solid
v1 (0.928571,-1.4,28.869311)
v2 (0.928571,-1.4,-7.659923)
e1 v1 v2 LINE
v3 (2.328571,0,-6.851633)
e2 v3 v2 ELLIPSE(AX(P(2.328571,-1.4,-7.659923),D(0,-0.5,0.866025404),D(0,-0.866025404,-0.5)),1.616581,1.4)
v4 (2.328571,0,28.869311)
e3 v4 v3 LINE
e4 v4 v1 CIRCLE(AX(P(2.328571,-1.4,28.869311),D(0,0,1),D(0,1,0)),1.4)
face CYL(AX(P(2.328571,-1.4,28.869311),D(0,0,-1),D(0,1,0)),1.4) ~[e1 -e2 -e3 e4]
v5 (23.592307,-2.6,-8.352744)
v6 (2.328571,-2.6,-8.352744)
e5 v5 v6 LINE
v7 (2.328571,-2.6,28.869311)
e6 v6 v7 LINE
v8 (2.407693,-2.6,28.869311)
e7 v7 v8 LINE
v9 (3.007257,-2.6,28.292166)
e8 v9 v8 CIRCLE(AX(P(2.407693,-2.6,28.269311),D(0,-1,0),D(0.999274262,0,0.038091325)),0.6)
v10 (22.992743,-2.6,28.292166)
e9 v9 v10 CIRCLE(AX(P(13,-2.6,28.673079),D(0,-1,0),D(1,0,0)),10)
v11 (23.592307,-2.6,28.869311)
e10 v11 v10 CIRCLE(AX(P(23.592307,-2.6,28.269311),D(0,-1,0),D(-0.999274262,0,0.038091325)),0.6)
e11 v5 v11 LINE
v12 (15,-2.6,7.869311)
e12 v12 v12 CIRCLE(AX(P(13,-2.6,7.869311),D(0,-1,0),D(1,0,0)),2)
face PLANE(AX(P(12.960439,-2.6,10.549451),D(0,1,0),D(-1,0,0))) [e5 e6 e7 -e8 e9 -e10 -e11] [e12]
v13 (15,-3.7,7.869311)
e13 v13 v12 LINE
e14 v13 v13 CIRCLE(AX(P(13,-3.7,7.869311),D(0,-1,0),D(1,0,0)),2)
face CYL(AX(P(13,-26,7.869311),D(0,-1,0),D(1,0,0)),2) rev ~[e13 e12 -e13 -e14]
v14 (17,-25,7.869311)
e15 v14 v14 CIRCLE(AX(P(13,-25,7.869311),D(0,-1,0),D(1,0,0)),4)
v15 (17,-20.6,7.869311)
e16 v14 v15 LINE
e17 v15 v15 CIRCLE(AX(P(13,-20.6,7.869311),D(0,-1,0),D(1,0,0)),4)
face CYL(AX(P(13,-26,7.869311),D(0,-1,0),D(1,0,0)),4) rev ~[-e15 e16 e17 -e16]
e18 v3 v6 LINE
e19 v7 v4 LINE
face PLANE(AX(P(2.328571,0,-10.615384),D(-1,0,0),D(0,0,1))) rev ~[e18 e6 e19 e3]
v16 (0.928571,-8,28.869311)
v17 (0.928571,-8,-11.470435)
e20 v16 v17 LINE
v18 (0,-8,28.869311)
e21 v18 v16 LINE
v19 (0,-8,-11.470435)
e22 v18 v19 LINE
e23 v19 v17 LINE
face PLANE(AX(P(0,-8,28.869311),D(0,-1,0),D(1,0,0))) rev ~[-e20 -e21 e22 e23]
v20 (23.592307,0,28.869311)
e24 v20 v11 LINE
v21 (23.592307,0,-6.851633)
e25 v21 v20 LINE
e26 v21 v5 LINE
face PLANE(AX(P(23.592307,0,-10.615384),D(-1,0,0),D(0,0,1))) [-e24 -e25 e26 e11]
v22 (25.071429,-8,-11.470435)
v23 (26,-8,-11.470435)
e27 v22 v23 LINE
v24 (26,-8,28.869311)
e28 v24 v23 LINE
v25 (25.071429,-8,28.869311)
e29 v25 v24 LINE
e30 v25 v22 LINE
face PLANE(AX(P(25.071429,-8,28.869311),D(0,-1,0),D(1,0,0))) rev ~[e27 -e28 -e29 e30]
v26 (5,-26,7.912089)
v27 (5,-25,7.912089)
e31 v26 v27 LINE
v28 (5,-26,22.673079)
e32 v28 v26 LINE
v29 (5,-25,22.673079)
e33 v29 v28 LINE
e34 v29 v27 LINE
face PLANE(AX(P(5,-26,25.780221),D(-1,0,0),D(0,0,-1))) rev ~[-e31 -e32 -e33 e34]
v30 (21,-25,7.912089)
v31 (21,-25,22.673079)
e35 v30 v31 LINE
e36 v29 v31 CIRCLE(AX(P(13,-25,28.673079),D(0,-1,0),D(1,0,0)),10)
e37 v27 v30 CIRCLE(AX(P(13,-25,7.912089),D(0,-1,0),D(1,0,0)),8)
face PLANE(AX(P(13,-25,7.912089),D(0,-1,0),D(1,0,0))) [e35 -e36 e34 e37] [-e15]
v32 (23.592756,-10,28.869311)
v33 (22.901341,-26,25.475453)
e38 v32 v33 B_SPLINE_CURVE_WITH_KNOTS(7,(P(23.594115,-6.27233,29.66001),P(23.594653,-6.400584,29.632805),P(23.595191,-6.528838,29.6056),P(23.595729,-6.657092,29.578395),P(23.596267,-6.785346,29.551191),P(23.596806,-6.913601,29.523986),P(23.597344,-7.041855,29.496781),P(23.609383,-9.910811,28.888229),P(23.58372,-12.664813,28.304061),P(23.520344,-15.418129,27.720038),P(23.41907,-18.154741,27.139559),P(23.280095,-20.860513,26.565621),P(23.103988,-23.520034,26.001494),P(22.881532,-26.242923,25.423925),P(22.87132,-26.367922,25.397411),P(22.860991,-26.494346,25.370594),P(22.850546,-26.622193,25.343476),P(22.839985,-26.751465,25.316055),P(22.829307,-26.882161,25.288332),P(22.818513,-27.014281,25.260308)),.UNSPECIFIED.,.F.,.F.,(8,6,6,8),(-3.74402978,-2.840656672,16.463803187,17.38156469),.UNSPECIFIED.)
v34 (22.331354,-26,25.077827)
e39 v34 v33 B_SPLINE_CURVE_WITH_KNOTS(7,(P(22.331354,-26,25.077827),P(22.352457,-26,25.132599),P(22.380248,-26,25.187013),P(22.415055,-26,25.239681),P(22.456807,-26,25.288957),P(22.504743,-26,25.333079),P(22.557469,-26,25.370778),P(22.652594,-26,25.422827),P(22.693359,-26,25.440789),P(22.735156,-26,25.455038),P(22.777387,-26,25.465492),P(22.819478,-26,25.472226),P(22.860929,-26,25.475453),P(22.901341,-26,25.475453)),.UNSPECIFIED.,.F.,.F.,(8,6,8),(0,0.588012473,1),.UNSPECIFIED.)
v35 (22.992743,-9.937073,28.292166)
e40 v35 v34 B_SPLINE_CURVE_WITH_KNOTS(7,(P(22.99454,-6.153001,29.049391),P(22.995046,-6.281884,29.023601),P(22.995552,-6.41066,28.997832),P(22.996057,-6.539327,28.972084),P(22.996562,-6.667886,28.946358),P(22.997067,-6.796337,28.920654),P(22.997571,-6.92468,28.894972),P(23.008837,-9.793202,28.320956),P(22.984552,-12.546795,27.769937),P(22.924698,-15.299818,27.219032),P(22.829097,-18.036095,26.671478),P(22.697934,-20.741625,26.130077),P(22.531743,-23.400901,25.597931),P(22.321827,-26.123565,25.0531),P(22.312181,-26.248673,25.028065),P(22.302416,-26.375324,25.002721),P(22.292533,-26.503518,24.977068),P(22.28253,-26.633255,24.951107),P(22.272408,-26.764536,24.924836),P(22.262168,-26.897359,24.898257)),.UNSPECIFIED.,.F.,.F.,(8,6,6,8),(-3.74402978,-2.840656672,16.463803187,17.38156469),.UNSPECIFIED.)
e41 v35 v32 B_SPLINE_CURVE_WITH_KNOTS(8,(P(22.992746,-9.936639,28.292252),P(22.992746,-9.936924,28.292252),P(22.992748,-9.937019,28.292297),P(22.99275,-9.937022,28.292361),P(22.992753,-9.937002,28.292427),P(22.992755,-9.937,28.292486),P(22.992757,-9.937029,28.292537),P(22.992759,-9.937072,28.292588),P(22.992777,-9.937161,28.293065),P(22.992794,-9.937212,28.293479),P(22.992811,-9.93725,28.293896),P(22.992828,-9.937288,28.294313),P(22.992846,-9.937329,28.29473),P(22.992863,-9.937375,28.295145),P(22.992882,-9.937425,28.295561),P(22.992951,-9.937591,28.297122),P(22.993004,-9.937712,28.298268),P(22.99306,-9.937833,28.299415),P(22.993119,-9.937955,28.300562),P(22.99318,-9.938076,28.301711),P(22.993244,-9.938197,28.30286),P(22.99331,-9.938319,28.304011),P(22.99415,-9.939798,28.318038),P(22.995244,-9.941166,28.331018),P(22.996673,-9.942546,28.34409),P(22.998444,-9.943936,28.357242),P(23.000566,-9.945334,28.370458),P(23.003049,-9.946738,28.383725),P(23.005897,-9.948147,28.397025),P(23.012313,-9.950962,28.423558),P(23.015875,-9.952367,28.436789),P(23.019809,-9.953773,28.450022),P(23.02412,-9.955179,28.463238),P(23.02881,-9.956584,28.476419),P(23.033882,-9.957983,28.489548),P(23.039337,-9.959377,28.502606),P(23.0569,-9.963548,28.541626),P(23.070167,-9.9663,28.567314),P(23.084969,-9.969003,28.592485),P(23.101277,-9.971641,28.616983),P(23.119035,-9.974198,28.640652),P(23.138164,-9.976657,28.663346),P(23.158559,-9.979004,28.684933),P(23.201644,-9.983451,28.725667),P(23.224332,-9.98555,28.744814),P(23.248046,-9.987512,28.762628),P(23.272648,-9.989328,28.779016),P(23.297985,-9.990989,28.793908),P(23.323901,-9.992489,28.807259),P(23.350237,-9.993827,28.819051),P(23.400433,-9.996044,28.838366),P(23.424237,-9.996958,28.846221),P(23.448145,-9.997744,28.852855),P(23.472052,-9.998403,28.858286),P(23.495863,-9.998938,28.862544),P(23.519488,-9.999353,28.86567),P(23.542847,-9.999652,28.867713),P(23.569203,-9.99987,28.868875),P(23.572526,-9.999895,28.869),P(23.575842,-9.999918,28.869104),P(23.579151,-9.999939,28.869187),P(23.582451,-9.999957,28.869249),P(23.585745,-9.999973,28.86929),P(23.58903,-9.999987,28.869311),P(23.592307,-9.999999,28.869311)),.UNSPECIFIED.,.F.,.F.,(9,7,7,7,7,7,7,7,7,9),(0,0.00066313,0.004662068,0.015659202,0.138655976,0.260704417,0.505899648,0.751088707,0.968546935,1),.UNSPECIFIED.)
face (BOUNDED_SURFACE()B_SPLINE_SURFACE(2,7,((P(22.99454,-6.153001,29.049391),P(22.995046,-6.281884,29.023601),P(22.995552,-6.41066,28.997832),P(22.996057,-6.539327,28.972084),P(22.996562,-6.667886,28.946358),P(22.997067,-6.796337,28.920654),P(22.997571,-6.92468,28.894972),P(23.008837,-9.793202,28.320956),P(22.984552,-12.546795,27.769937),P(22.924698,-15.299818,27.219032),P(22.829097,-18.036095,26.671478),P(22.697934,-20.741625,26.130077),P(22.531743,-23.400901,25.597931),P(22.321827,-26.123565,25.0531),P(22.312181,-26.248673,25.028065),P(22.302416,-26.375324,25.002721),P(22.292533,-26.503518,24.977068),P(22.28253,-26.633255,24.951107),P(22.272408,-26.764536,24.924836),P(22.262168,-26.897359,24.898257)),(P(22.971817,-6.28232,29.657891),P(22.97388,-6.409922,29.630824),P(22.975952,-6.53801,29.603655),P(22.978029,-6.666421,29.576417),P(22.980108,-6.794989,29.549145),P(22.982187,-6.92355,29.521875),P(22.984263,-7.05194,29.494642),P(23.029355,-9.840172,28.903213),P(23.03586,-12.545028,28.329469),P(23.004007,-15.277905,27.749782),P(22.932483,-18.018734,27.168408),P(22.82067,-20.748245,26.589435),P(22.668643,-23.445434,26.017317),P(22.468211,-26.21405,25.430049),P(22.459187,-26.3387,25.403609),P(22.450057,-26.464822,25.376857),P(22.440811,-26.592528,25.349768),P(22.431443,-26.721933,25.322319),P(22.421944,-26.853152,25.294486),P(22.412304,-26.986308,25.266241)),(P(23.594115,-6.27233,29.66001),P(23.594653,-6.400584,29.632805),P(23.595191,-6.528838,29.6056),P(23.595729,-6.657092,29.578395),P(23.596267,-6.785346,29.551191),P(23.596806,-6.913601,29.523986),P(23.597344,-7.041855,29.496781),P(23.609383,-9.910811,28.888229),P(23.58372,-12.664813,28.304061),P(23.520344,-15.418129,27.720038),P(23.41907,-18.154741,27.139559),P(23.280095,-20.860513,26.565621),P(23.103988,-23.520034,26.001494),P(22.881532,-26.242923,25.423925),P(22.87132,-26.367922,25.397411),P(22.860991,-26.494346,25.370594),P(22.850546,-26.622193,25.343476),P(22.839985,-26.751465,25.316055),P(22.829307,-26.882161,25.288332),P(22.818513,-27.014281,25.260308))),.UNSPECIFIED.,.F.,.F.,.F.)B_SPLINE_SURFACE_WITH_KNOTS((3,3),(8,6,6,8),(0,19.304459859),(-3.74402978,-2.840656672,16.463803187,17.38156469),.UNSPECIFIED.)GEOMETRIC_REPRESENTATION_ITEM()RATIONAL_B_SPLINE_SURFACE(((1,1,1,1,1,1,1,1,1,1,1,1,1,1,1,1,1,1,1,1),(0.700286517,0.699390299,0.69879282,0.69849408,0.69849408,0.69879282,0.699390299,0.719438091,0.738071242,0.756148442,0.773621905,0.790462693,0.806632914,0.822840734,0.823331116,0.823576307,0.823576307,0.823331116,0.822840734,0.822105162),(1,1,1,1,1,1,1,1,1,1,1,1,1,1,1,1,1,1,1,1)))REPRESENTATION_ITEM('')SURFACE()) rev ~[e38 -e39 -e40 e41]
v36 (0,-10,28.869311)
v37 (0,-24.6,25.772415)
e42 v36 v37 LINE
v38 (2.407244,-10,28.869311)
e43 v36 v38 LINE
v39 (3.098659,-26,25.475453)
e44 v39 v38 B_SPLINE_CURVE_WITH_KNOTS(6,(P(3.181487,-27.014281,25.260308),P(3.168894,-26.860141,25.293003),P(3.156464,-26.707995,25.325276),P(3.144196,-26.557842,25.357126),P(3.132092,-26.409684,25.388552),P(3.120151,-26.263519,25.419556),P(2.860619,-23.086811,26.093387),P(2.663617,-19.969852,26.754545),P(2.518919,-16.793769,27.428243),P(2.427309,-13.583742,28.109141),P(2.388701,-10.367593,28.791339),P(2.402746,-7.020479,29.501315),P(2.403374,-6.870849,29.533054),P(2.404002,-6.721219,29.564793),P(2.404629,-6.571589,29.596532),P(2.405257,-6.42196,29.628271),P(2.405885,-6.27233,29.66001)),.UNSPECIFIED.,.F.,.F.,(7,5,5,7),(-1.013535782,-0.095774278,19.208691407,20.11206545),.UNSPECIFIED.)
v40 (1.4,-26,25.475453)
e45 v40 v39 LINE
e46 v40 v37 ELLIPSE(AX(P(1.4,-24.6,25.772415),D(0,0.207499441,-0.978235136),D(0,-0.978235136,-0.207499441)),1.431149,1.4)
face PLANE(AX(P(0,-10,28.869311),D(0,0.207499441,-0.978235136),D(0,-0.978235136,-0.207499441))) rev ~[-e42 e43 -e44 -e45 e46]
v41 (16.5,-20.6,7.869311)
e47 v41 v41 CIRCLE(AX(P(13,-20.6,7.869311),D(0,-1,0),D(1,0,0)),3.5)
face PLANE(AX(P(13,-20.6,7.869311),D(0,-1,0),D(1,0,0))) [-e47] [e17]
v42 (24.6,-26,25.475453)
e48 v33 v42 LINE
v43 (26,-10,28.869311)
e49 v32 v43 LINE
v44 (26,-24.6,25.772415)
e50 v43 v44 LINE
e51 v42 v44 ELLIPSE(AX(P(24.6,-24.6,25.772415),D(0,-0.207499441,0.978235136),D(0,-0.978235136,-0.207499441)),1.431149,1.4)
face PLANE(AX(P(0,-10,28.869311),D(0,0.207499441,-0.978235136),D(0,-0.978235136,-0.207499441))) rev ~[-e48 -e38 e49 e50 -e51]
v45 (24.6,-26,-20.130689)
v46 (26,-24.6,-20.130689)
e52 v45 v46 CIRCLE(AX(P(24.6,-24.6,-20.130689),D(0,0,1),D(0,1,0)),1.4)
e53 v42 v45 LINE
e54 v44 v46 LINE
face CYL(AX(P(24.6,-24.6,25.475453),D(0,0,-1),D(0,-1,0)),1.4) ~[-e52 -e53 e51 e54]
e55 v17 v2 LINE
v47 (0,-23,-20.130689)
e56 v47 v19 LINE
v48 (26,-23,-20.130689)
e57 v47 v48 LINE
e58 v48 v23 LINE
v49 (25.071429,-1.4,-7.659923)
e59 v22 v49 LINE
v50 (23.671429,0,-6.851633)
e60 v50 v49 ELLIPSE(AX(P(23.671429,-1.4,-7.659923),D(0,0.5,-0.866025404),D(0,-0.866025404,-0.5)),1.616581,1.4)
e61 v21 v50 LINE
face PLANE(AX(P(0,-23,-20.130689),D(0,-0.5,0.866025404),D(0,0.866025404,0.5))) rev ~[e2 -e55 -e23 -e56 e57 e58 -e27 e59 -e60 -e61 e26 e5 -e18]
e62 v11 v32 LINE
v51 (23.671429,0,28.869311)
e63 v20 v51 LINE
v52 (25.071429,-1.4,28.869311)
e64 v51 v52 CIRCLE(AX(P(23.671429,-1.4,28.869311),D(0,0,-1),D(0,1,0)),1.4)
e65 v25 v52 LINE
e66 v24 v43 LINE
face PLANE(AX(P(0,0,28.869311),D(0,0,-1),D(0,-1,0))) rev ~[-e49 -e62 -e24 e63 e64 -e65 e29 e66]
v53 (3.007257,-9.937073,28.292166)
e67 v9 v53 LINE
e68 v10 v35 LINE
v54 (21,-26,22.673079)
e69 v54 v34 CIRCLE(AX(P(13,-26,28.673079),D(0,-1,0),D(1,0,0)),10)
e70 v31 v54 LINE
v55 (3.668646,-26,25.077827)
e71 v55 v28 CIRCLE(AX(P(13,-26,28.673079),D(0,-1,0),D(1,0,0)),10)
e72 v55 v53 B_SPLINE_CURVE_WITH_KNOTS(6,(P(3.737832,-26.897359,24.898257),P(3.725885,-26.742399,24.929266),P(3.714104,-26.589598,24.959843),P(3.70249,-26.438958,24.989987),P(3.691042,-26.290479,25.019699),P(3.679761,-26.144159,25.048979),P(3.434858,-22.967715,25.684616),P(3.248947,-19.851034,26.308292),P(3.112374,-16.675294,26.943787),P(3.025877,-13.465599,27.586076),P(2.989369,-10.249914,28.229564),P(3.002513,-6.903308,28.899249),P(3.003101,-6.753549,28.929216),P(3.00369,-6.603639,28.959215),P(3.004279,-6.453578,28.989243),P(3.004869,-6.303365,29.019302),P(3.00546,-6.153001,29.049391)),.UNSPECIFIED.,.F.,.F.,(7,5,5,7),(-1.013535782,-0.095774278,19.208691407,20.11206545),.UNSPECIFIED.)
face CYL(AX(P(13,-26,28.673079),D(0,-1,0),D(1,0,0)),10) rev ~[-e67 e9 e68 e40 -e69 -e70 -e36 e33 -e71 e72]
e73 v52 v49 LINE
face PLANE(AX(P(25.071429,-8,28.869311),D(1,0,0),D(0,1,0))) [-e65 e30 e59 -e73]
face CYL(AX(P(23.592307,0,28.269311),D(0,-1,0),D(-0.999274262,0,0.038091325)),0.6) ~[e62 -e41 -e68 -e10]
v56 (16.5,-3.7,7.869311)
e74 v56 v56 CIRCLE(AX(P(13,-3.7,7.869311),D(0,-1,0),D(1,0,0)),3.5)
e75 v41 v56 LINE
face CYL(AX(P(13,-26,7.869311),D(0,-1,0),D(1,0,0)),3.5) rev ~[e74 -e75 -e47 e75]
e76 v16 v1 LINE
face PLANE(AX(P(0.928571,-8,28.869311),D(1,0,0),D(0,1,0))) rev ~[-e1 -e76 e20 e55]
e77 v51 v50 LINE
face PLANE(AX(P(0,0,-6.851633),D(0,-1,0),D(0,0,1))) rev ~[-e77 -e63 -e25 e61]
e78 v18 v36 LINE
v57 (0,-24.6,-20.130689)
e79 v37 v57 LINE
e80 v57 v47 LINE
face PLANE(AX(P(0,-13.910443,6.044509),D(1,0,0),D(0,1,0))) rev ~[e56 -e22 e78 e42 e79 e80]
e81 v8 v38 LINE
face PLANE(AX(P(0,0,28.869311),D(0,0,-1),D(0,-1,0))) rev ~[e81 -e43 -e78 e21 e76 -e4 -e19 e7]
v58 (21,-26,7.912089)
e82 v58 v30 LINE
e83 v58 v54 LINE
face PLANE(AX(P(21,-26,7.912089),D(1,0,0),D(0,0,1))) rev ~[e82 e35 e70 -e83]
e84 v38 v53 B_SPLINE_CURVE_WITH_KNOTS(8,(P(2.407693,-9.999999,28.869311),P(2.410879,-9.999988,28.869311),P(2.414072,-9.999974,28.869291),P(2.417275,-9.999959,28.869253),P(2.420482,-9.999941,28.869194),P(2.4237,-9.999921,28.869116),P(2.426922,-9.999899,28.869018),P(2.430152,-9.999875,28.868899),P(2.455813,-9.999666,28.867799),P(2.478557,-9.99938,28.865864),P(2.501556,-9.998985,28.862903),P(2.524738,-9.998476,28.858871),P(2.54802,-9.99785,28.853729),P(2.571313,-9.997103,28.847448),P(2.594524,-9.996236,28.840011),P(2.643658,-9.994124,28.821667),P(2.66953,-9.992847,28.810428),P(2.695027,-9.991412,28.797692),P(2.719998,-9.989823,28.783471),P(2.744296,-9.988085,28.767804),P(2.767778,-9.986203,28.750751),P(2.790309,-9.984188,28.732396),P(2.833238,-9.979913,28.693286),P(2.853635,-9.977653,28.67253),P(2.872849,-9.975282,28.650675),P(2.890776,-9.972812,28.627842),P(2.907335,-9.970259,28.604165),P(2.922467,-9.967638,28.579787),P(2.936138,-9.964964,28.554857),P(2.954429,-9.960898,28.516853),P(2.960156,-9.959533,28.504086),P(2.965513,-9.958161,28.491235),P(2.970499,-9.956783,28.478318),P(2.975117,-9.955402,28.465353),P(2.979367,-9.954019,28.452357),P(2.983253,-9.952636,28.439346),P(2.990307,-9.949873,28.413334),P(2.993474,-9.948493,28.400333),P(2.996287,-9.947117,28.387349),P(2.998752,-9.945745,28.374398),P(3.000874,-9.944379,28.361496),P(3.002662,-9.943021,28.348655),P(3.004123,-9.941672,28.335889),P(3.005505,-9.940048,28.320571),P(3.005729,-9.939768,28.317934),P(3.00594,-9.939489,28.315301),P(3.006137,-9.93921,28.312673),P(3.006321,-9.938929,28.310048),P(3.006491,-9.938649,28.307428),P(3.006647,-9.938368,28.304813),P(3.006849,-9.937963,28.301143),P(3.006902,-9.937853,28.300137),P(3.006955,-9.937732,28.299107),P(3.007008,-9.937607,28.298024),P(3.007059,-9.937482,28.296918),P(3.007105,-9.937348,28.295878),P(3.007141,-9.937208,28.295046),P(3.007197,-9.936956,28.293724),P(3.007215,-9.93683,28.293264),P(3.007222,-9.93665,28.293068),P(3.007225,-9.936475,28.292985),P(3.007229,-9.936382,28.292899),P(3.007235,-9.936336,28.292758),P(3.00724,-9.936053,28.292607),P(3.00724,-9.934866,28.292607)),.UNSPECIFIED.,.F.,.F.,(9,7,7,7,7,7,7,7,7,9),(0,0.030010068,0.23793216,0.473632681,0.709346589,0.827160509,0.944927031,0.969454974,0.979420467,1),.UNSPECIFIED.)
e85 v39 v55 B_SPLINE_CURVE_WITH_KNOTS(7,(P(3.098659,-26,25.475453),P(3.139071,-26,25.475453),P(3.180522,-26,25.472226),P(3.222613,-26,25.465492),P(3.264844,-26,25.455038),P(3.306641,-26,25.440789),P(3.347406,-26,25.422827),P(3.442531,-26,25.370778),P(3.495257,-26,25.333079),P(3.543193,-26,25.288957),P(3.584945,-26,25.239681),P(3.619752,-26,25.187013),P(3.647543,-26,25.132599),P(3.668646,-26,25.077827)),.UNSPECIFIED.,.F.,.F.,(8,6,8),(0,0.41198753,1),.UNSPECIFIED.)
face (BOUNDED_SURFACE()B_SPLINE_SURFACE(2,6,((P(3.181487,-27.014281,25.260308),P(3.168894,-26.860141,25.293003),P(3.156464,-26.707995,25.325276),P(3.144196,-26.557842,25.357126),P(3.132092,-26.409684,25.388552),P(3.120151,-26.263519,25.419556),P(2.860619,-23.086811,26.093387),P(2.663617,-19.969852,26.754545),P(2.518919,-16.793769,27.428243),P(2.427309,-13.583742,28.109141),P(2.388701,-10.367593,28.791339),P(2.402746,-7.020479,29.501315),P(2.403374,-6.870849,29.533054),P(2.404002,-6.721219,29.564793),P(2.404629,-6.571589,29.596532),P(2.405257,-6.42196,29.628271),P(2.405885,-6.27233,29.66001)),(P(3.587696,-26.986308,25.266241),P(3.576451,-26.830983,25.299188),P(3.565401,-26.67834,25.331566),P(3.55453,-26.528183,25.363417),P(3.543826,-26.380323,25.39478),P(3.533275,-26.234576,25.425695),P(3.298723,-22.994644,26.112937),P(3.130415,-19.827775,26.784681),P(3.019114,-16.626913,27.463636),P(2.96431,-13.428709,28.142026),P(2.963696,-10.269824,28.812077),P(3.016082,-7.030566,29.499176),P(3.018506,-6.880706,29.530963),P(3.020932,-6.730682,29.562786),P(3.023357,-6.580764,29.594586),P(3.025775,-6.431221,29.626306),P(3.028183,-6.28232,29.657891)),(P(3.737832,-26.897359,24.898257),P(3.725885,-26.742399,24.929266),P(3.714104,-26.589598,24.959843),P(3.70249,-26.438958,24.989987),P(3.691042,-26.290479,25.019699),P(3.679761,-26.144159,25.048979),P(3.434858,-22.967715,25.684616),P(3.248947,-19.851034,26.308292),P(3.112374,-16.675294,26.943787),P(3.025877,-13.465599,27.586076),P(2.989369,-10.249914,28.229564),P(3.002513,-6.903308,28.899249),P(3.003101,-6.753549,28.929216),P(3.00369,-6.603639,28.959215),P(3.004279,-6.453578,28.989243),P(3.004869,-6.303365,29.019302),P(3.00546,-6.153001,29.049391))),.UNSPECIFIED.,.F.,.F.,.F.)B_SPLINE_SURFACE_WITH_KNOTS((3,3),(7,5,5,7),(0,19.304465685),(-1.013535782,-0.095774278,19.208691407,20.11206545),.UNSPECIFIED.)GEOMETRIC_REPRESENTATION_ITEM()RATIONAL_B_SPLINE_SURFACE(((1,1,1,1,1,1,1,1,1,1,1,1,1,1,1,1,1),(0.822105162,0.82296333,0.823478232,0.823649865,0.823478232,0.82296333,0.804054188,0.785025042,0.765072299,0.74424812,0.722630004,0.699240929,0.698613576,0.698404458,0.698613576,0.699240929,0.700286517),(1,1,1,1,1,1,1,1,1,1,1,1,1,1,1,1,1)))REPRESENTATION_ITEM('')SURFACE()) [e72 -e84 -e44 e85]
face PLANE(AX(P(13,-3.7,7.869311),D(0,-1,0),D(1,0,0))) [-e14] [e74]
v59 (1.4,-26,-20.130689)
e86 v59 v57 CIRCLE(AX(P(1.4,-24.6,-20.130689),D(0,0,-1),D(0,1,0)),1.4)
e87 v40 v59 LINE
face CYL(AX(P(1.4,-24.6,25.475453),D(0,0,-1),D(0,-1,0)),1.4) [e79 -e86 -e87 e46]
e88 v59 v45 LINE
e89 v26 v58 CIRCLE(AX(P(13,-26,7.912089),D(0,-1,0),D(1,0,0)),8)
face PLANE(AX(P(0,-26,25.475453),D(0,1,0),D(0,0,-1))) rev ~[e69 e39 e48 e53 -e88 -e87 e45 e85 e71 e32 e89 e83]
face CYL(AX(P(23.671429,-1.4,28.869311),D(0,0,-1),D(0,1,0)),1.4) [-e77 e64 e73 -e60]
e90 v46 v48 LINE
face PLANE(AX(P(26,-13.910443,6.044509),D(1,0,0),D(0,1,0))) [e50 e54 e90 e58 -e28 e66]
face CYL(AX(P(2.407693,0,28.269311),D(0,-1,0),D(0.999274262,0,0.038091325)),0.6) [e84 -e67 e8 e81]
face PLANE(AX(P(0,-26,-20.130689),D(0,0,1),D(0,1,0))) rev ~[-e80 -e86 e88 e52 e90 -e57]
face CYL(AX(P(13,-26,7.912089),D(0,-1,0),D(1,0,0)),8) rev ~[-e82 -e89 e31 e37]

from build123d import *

# Parameters (mm, degrees)
F1_DEPTH  = 26
F2_R      = 10
F2_R_2    = 2
F3_DEPTH  = 26
F4_R      = 3.5
F4_R_2    = 2
F5_DEPTH  = 22.3
F6_R      = 4
F6_R_2    = 3.5
F7_DEPTH  = 5.4
F8_R      = 0.6
F9_W      = 0.9285709113
F9_H      = 8
F10_DEPTH = 61.5
F11_R     = 1.4
F12_W     = 21.2637362675
F12_H     = 42.3296708614
F13_DEPTH = 2.6
F15_DEPTH = 1


with BuildPart() as f1:
    # F0 (on Right) → F1 (new body)
    with BuildSketch(Plane.YZ):
        Polygon((-10, 28.8693108244), (-26, 25.475452911), (-26, -20.1306891756), (-23, -20.1306891756), (0, -6.8516329843), (0, 28.8693108244), align=None)
    extrude(amount=F1_DEPTH)

    # F2 (on face) → F3 (cut)
    with BuildSketch(Plane.XZ.offset(26)):
        with Locations((13, 28.6730788648)):
            Circle(F2_R)
        with Locations((13, 7.8693108244)):
            Circle(F2_R_2)
    extrude(amount=-F3_DEPTH, mode=Mode.SUBTRACT)

    # F4 (on face) → F5 (cut)
    with BuildSketch(Plane.XZ.offset(26)):
        with Locations((13, 7.8693108244)):
            Circle(F4_R)
        with Locations((13, 7.8693108244)):
            Circle(F4_R_2, mode=Mode.SUBTRACT)
    extrude(amount=-F5_DEPTH, mode=Mode.SUBTRACT)

    # F6 (on face) → F7 (cut)
    with BuildSketch(Plane.XZ.offset(26)):
        with Locations((13, 7.8693108244)):
            Circle(F6_R)
        with Locations((13, 7.8693108244)):
            Circle(F6_R_2, mode=Mode.SUBTRACT)
    extrude(amount=-F7_DEPTH, mode=Mode.SUBTRACT)

    # F8
    f8_edges = [f1.edges().sort_by_distance(p)[0] for p in [
        (3.113398, -18.00473, 27.171379),
        (22.999519, -10.462557, 28.771195),
        (22.871208, -18.467044, 27.073314),
        (3.001926, -5, 28.869311),
        (22.998074, -5, 28.869311),
    ]]
    fillet(f8_edges, radius=F8_R)

    # F9 (on face) → F10 (cut)
    with BuildSketch(Plane.XY.offset(28.8693108244)):
        with Locations((25.5357145444, -4)):
            Rectangle(F9_W, F9_H)
        with Locations((0.4642854556, -4)):
            Rectangle(F9_W, F9_H)
    extrude(amount=-F10_DEPTH, mode=Mode.SUBTRACT)

    # F11
    f11_edges = [f1.edges().sort_by_distance(p)[0] for p in [
        (0, -26, 2.672382),
        (26, -26, 2.672382),
        (0.928571, 0, 11.008839),
        (25.071429, 0, 11.008839),
    ]]
    fillet(f11_edges, radius=F11_R)

    # F12 (on face) → F13 (cut)
    with BuildSketch(Plane(origin=(0, 0, 0), x_dir=(-1, 0, 0), z_dir=(0, 1, 0))):
        with Locations((-12.960439045, 10.5494512245)):
            Rectangle(F12_W, F12_H)
    extrude(amount=-F13_DEPTH, mode=Mode.SUBTRACT)

    # F14 (on face) → F15 (cut)
    with BuildSketch(Plane.XZ.offset(26)):
        with BuildLine():
            ThreePointArc((5, 7.9120891169), (13, -0.0879108831), (21, 7.9120891169))
            ThreePointArc((21, 7.9120891169), (13, 15.9120891169), (5, 7.9120891169))
        make_face()
        with BuildLine():
            ThreePointArc((5, 7.9120891169), (13, 15.9120891169), (21, 7.9120891169))
            Line((21, 7.9120891169), (21, 25.7802214473))
            Line((21, 25.7802214473), (5, 25.7802214473))
            Line((5, 25.7802214473), (5, 7.9120891169))
        make_face()
    extrude(amount=-F15_DEPTH, mode=Mode.SUBTRACT)


solid = f1.part
